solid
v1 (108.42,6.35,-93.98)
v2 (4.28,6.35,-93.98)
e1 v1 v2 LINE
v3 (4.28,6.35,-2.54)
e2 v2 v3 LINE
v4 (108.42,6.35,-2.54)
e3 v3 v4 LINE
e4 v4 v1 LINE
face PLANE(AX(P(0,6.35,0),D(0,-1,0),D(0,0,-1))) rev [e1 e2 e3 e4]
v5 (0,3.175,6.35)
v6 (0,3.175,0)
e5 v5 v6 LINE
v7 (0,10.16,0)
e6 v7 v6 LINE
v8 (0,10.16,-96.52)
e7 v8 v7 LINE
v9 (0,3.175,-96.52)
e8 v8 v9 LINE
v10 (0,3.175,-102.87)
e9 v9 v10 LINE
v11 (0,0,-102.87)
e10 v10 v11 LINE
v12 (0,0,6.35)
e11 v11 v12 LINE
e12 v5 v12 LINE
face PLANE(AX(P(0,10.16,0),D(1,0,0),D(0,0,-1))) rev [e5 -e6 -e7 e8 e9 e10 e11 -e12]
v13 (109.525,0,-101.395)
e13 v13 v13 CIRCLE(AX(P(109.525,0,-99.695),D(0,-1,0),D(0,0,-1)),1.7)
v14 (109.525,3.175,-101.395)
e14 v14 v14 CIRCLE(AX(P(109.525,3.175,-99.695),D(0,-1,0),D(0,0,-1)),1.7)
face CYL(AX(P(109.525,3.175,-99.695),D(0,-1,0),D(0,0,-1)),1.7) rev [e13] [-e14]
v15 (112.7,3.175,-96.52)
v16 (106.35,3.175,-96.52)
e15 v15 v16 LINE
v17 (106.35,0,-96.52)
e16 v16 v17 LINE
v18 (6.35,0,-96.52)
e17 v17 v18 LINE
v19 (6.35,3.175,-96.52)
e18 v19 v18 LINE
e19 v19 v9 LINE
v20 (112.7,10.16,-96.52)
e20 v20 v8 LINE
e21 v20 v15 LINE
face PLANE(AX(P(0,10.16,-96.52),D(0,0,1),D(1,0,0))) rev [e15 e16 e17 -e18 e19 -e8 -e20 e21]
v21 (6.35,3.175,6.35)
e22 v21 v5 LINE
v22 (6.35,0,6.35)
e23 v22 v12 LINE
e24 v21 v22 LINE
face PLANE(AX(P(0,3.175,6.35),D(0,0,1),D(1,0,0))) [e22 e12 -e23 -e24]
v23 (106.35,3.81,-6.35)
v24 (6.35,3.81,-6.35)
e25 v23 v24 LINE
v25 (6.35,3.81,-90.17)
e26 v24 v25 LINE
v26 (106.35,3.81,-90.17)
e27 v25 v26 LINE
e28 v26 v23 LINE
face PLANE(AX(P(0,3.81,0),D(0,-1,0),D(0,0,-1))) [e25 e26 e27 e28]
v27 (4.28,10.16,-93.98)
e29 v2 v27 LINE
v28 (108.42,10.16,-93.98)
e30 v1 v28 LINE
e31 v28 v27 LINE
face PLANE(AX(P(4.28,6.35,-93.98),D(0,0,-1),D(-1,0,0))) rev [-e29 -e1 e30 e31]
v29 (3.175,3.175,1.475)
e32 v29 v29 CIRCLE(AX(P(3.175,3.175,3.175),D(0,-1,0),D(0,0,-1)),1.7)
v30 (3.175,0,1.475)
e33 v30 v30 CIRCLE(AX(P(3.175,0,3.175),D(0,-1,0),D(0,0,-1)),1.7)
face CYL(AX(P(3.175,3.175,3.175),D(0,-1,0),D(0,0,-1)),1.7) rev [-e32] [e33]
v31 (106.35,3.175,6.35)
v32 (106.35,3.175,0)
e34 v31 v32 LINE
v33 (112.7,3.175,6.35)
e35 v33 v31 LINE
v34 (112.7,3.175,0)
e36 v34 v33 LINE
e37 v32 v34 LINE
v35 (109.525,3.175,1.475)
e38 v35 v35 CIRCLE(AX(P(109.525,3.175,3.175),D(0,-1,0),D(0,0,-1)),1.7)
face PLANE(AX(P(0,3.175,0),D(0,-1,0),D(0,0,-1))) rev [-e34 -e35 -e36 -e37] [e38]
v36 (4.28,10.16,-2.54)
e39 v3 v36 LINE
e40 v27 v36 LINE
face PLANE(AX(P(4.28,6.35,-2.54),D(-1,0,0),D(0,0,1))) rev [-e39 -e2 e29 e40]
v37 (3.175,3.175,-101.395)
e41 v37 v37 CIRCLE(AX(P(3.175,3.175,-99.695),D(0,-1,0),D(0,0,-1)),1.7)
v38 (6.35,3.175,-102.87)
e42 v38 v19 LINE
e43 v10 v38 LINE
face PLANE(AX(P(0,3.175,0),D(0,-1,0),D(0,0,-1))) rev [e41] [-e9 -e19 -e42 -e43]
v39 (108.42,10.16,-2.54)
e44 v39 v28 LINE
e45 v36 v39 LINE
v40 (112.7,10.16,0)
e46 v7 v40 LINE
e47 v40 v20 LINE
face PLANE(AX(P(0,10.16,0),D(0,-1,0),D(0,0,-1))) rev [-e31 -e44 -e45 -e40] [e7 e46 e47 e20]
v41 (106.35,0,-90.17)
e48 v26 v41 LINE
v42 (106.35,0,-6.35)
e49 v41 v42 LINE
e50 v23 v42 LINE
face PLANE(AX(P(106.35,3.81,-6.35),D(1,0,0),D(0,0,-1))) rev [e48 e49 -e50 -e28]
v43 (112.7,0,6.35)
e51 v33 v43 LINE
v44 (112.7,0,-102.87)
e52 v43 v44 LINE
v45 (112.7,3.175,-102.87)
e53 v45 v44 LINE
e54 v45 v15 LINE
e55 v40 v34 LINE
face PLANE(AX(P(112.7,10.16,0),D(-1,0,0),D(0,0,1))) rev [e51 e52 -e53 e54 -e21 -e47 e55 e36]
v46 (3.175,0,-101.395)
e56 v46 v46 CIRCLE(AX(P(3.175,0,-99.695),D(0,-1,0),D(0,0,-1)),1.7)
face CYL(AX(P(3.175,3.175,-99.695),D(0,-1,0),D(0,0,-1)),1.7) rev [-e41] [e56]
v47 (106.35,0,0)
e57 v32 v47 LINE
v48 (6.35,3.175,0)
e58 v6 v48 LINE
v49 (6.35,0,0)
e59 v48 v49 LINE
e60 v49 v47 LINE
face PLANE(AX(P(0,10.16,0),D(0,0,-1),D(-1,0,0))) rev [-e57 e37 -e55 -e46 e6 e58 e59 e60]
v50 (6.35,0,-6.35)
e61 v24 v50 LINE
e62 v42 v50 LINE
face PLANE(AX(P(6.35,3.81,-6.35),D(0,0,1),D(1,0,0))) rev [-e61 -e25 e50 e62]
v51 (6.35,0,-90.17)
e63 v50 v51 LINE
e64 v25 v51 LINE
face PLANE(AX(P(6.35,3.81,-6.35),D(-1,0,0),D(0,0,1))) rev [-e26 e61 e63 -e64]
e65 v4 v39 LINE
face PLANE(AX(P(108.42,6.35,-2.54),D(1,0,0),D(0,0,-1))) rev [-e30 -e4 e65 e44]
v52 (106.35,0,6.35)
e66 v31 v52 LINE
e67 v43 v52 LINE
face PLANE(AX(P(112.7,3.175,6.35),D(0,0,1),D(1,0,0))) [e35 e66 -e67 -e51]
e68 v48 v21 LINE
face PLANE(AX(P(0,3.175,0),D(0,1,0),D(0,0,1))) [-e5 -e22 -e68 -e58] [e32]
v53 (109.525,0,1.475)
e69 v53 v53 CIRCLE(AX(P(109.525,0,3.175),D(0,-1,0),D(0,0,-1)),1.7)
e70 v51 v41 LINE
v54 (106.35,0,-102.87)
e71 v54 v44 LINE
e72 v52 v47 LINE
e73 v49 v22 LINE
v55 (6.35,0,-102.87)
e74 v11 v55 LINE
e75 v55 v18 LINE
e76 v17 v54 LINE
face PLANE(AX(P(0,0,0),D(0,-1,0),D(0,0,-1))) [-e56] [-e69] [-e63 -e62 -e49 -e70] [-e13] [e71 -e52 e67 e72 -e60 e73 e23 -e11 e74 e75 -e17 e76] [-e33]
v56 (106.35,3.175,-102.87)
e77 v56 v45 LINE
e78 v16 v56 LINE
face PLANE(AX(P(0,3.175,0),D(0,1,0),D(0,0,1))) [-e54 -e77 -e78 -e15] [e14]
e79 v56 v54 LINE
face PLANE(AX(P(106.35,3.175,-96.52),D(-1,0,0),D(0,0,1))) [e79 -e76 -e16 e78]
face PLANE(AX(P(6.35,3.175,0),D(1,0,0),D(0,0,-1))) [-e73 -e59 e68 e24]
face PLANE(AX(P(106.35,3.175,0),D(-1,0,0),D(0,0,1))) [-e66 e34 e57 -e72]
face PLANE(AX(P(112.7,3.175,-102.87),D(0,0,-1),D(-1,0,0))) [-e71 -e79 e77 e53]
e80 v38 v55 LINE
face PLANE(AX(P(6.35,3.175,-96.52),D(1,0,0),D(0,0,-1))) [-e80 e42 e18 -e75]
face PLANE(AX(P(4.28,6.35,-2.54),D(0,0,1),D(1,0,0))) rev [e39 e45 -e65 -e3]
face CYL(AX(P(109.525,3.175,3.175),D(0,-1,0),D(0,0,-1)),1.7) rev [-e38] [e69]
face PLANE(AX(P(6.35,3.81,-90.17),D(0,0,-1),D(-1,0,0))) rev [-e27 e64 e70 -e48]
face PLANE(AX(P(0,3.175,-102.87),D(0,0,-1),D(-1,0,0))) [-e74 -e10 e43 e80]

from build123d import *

# Parameters (mm, degrees)
SKETCH1_W           = 112.699999898
SKETCH1_H           = 96.52
BOSS_EXTRUDE1_DEPTH = 10.16
SKETCH2_W           = 104.14
SKETCH2_H           = 91.44
CUT_EXTRUDE1_DEPTH  = 3.81
SKETCH3_W           = 6.35
SKETCH3_H           = 6.35
SKETCH3_R           = 1.7
BOSS_EXTRUDE2_DEPTH = 3.175
SKETCH4_W           = 99.999999898
SKETCH4_H           = 83.82
CUT_EXTRUDE2_DEPTH  = 3.81


with BuildPart() as part:
    # Sketch1 → Boss-Extrude1 (new body)
    with BuildSketch(Plane(origin=(0, 0, 0), x_dir=(1, 0, 0), z_dir=(0, 1, 0))):
        with Locations((56.349999949, 48.26)):
            Rectangle(SKETCH1_W, SKETCH1_H)
    extrude(amount=BOSS_EXTRUDE1_DEPTH)

    # Sketch2 → Cut-Extrude1 (cut)
    with BuildSketch(Plane(origin=(0, 10.16, 0), x_dir=(1, 0, 0), z_dir=(0, 1, 0))):
        with Locations((56.349999949, 48.26)):
            Rectangle(SKETCH2_W, SKETCH2_H)
    extrude(amount=-CUT_EXTRUDE1_DEPTH, mode=Mode.SUBTRACT)

    # Sketch3 → Boss-Extrude2 (add)
    # profile 1 of 4: a face of its own
    with BuildSketch(Plane.XZ):
        with Locations((109.524999898, 3.175)):
            Rectangle(SKETCH3_W, SKETCH3_H)
        with Locations(Location((109.524999898, 3.175, 0), (0, 0, 270))):
            Circle(SKETCH3_R, mode=Mode.SUBTRACT)
    # profile 2 of 4: a face of its own
    with BuildSketch(Plane.XZ):
        with Locations((3.175, 3.175)):
            Rectangle(SKETCH3_W, SKETCH3_H)
        with Locations(Location((3.175, 3.175, 0), (0, 0, 270))):
            Circle(SKETCH3_R, mode=Mode.SUBTRACT)
    # profile 3 of 4: a face of its own
    with BuildSketch(Plane.XZ):
        with Locations((3.175, -99.695)):
            Rectangle(SKETCH3_W, SKETCH3_H)
        with Locations(Location((3.175, -99.695, 0), (0, 0, 270))):
            Circle(SKETCH3_R, mode=Mode.SUBTRACT)
    # profile 4 of 4: a face of its own
    with BuildSketch(Plane.XZ):
        with Locations((109.524999898, -99.695)):
            Rectangle(SKETCH3_W, SKETCH3_H)
        with Locations(Location((109.524999898, -99.695, 0), (0, 0, 270))):
            Circle(SKETCH3_R, mode=Mode.SUBTRACT)
    extrude(amount=-BOSS_EXTRUDE2_DEPTH)

    # Sketch4 → Cut-Extrude2 (cut)
    with BuildSketch(Plane.XZ):
        with Locations((56.349999949, -48.26)):
            Rectangle(SKETCH4_W, SKETCH4_H)
    extrude(amount=-CUT_EXTRUDE2_DEPTH, mode=Mode.SUBTRACT)


solid = part.part
